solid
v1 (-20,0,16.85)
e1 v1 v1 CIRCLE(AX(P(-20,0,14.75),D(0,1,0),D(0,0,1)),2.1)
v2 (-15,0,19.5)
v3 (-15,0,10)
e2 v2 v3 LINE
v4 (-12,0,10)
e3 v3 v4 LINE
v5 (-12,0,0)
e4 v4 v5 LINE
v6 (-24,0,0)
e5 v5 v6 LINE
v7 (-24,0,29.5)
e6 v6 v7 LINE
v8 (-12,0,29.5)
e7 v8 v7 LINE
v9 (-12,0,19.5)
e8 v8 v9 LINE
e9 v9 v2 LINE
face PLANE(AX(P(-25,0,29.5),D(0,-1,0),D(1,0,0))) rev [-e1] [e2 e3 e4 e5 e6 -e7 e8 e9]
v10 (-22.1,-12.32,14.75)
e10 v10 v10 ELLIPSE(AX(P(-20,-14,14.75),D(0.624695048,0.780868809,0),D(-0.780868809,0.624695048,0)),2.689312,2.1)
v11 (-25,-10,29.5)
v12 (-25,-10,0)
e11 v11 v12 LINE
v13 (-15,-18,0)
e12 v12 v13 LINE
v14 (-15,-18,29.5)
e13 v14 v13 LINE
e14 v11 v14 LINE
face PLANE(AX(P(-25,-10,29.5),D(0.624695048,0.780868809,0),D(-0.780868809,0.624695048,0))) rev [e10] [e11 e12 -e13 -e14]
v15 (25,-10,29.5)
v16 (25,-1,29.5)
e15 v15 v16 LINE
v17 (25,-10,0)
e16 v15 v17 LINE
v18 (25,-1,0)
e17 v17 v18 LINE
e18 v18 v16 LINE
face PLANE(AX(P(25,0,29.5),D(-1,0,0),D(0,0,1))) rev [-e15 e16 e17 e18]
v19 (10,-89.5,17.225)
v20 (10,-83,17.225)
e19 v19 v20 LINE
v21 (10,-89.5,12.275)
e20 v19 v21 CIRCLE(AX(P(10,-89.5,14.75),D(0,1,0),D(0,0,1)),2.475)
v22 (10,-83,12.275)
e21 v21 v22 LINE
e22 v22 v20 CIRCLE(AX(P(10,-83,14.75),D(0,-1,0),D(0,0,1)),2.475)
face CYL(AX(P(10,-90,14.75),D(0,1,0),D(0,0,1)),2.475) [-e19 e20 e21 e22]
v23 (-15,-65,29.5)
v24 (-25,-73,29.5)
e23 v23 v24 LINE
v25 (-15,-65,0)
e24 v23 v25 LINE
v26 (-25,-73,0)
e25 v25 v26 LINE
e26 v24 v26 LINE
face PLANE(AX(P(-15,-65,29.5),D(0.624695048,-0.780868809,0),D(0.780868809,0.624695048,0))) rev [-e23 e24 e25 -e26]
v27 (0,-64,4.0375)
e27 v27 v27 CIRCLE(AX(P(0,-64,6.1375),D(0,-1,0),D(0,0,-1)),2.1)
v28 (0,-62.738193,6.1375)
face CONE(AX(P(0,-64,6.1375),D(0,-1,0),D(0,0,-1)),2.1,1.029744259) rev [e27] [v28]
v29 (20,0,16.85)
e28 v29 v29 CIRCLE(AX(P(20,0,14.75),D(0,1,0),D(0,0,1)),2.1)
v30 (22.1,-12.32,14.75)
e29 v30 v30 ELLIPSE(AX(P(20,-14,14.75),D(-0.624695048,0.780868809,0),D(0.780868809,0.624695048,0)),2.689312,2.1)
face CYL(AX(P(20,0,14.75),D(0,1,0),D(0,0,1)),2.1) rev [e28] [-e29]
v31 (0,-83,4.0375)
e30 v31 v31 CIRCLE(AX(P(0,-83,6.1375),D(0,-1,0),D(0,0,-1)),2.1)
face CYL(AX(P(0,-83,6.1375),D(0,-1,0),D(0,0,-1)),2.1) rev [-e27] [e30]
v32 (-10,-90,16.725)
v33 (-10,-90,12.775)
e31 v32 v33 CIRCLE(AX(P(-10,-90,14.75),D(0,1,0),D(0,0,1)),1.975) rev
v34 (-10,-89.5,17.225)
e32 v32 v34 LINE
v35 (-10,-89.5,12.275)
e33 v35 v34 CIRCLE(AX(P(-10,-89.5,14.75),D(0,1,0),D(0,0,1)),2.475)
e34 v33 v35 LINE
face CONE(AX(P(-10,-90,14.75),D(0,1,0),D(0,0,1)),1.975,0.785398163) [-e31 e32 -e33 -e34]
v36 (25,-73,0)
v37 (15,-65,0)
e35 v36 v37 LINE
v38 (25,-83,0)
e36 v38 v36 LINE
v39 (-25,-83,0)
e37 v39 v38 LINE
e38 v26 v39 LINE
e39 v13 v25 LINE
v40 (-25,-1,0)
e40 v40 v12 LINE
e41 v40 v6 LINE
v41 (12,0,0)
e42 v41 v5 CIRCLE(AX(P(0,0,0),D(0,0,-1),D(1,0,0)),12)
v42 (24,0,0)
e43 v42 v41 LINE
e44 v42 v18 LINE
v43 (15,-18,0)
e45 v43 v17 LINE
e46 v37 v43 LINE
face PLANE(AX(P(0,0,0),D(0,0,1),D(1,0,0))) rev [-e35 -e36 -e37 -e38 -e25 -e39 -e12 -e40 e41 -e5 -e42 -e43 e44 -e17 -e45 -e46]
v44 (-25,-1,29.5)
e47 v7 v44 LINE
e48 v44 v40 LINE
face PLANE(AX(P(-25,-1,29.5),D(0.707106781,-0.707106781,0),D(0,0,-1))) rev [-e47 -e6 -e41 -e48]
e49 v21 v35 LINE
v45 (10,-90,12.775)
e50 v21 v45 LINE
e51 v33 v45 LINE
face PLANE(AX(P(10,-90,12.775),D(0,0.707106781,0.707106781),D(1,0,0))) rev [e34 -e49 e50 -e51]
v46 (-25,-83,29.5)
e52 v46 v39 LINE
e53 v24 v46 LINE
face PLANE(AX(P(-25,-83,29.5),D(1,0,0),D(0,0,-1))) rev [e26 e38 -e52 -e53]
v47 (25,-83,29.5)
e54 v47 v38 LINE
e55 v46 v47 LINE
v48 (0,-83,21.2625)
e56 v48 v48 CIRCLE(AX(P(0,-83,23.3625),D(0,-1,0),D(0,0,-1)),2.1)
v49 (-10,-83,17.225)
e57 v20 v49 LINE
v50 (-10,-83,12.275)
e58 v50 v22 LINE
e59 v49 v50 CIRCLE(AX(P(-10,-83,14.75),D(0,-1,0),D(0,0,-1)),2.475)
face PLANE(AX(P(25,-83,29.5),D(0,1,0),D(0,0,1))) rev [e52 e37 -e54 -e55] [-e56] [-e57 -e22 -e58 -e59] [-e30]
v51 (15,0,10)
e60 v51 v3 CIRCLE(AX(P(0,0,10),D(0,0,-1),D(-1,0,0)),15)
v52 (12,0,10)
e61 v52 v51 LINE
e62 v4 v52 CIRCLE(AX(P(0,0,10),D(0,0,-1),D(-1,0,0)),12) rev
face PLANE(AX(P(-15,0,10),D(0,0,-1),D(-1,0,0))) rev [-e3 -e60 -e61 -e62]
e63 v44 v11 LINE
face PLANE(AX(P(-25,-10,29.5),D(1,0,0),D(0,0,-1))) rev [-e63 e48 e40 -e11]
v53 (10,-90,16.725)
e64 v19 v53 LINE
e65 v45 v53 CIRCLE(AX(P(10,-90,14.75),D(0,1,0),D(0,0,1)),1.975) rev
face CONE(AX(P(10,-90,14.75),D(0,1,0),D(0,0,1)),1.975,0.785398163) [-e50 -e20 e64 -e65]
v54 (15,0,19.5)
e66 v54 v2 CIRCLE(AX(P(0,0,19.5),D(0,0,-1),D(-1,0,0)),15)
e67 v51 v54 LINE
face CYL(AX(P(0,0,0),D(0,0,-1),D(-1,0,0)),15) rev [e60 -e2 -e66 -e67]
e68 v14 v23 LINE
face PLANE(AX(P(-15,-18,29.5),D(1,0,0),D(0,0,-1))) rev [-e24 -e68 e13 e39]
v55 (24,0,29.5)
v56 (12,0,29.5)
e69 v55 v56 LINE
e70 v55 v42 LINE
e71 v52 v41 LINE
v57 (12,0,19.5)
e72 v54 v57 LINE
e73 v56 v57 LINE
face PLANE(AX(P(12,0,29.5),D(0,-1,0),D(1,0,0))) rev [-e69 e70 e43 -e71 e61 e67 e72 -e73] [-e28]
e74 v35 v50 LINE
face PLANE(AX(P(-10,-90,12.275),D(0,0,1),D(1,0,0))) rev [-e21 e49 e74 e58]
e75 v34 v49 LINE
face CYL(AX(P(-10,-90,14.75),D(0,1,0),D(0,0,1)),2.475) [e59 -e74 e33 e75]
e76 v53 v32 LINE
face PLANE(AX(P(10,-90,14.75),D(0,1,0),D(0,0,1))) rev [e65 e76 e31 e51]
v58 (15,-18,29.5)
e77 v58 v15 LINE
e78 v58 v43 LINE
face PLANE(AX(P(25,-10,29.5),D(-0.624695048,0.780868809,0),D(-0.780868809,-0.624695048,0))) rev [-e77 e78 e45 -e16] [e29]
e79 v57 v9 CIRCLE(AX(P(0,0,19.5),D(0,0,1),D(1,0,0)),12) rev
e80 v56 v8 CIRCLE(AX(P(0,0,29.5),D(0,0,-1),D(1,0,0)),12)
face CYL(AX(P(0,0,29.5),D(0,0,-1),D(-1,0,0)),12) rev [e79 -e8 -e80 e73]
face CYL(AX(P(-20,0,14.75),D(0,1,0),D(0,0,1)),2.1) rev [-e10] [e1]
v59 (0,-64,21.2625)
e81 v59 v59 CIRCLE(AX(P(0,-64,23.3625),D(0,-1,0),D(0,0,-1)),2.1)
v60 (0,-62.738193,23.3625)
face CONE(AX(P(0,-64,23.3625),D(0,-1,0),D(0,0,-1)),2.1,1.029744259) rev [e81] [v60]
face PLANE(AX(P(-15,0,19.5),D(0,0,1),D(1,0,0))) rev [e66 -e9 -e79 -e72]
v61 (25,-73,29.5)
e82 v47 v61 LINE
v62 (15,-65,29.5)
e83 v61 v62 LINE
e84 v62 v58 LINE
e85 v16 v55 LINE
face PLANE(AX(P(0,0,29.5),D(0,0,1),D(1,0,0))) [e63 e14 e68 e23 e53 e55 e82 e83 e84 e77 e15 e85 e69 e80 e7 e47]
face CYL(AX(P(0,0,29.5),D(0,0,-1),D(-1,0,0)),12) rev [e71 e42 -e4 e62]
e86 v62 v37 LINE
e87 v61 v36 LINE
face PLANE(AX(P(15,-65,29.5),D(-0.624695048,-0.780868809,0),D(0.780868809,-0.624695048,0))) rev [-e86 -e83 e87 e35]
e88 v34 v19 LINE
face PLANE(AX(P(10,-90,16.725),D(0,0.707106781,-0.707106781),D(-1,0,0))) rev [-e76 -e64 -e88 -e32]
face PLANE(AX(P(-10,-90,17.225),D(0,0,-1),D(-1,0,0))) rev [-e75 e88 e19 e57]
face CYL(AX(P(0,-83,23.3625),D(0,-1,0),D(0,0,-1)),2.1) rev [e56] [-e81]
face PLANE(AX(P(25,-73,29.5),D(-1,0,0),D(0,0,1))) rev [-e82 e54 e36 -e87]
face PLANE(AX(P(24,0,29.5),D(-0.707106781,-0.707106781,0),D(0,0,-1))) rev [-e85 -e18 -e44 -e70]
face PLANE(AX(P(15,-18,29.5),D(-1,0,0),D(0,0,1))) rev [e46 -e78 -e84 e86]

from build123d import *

# Parameters (mm, degrees)
BOSS_EXTRUDE1_DEPTH = 29.5
BOSS_EXTRUDE2_DEPTH = 7
CHAMFER1_SIZE       = 0.5
M5X0_82_D           = 4.2
M5X0_82_DEPTH       = 19
M5X0_82_TIP         = 1.2618073
SKETCH13_W          = 8.675232358
SKETCH13_H          = 9.5
M5X0_81_REACH       = 99.955
M5X0_81_BORE_R      = 2.1
CHAMFER_1_SIZE      = 1


with BuildPart() as part:
    # Sketch1 → Boss-Extrude1 (new body)
    with BuildSketch(Plane.XY):
        with BuildLine():
            Line((12, 0), (25, 0))
            Line((25, 0), (25, -10))
            Line((25, -10), (15, -18))
            Line((15, -18), (15, -65))
            Line((15, -65), (25, -73))
            Line((25, -73), (25, -83))
            Line((25, -83), (-25, -83))
            Line((-25, -83), (-25, -73))
            Line((-25, -73), (-15, -65))
            Line((-15, -65), (-15, -18))
            Line((-15, -18), (-25, -10))
            Line((-25, -10), (-25, 0))
            Line((-25, 0), (-12, 0))
            ThreePointArc((-12, 0), (0, -12), (12, 0))
        make_face()
    extrude(amount=BOSS_EXTRUDE1_DEPTH)

    # Sketch2 → Boss-Extrude2 (add)
    with BuildSketch(Plane.XZ.offset(83)):
        with BuildLine():
            Line((-10, 12.275), (10, 12.275))
            ThreePointArc((10, 12.275), (12.475, 14.75), (10, 17.225))
            Line((10, 17.225), (-10, 17.225))
            ThreePointArc((-10, 17.225), (-12.475, 14.75), (-10, 12.275))
        make_face()
    extrude(amount=BOSS_EXTRUDE2_DEPTH)

    # Chamfer1
    chamfer1_edges = [part.edges().sort_by_distance(p)[0] for p in [
        (12.475, -90, 14.75),
        (0, -90, 17.225),
        (-12.475, -90, 14.75),
        (0, -90, 12.275),
    ]]
    chamfer(chamfer1_edges, length=CHAMFER1_SIZE)

    # Отверстие обработанное метчиком M5x0.82
    with Locations(Plane(origin=(0, -83, 0), x_dir=(-1, 0, 0), z_dir=(0, -1, 0))):
        with Locations((0, -23.3625), (0, -6.1375)):
            Hole(M5X0_82_D / 2, depth=M5X0_82_DEPTH)
            with Locations((0, 0, -(M5X0_82_DEPTH + M5X0_82_TIP / 2))):  # 118° drill point
                Cone(0, M5X0_82_D / 2, M5X0_82_TIP, mode=Mode.SUBTRACT)

    # Sketch13 → Cut-Revolve1 (revolve, cut)
    with BuildSketch(Plane(origin=(0, 0, 0), x_dir=(1, 0, 0), z_dir=(0, 1, 0))):
        with Locations((-10.662383821, -14.75)):
            Rectangle(SKETCH13_W, SKETCH13_H)
    revolve(axis=Axis((0, 0, 0), (0, 0, 1)), mode=Mode.SUBTRACT)

    # Отверстие обработанное метчиком M5x0.81 bore → Отверстие обработанное метчиком M5x0.81 (cut, up to next)
    with BuildSketch(Plane(origin=(0, 0, 0), x_dir=(1, 0, 0), z_dir=(0, 1, 0)), mode=Mode.PRIVATE) as m5x0_81_sk1:
        with Locations((-20, -14.75)):
            Circle(M5X0_81_BORE_R)
    m5x0_81_tool1 = extrude(m5x0_81_sk1.sketch, amount=-M5X0_81_REACH, mode=Mode.PRIVATE) & part.part
    # Отверстие обработанное метчиком M5x0.81 bore → Отверстие обработанное метчиком M5x0.81 (cut, up to next)
    with BuildSketch(Plane(origin=(0, 0, 0), x_dir=(1, 0, 0), z_dir=(0, 1, 0)), mode=Mode.PRIVATE) as m5x0_81_sk2:
        with Locations((20, -14.75)):
            Circle(M5X0_81_BORE_R)
    m5x0_81_tool2 = extrude(m5x0_81_sk2.sketch, amount=-M5X0_81_REACH, mode=Mode.PRIVATE) & part.part
    add(m5x0_81_tool1.solids().sort_by_distance((-20, 0, 14.75))[0], mode=Mode.SUBTRACT)
    add(m5x0_81_tool2.solids().sort_by_distance((20, 0, 14.75))[0], mode=Mode.SUBTRACT)

    # Фаска1
    chamfer_1_edges = [part.edges().sort_by_distance(p)[0] for p in [
        (-25, 0, 14.75),
        (25, 0, 14.75),
    ]]
    chamfer(chamfer_1_edges, length=CHAMFER_1_SIZE)


solid = part.part
